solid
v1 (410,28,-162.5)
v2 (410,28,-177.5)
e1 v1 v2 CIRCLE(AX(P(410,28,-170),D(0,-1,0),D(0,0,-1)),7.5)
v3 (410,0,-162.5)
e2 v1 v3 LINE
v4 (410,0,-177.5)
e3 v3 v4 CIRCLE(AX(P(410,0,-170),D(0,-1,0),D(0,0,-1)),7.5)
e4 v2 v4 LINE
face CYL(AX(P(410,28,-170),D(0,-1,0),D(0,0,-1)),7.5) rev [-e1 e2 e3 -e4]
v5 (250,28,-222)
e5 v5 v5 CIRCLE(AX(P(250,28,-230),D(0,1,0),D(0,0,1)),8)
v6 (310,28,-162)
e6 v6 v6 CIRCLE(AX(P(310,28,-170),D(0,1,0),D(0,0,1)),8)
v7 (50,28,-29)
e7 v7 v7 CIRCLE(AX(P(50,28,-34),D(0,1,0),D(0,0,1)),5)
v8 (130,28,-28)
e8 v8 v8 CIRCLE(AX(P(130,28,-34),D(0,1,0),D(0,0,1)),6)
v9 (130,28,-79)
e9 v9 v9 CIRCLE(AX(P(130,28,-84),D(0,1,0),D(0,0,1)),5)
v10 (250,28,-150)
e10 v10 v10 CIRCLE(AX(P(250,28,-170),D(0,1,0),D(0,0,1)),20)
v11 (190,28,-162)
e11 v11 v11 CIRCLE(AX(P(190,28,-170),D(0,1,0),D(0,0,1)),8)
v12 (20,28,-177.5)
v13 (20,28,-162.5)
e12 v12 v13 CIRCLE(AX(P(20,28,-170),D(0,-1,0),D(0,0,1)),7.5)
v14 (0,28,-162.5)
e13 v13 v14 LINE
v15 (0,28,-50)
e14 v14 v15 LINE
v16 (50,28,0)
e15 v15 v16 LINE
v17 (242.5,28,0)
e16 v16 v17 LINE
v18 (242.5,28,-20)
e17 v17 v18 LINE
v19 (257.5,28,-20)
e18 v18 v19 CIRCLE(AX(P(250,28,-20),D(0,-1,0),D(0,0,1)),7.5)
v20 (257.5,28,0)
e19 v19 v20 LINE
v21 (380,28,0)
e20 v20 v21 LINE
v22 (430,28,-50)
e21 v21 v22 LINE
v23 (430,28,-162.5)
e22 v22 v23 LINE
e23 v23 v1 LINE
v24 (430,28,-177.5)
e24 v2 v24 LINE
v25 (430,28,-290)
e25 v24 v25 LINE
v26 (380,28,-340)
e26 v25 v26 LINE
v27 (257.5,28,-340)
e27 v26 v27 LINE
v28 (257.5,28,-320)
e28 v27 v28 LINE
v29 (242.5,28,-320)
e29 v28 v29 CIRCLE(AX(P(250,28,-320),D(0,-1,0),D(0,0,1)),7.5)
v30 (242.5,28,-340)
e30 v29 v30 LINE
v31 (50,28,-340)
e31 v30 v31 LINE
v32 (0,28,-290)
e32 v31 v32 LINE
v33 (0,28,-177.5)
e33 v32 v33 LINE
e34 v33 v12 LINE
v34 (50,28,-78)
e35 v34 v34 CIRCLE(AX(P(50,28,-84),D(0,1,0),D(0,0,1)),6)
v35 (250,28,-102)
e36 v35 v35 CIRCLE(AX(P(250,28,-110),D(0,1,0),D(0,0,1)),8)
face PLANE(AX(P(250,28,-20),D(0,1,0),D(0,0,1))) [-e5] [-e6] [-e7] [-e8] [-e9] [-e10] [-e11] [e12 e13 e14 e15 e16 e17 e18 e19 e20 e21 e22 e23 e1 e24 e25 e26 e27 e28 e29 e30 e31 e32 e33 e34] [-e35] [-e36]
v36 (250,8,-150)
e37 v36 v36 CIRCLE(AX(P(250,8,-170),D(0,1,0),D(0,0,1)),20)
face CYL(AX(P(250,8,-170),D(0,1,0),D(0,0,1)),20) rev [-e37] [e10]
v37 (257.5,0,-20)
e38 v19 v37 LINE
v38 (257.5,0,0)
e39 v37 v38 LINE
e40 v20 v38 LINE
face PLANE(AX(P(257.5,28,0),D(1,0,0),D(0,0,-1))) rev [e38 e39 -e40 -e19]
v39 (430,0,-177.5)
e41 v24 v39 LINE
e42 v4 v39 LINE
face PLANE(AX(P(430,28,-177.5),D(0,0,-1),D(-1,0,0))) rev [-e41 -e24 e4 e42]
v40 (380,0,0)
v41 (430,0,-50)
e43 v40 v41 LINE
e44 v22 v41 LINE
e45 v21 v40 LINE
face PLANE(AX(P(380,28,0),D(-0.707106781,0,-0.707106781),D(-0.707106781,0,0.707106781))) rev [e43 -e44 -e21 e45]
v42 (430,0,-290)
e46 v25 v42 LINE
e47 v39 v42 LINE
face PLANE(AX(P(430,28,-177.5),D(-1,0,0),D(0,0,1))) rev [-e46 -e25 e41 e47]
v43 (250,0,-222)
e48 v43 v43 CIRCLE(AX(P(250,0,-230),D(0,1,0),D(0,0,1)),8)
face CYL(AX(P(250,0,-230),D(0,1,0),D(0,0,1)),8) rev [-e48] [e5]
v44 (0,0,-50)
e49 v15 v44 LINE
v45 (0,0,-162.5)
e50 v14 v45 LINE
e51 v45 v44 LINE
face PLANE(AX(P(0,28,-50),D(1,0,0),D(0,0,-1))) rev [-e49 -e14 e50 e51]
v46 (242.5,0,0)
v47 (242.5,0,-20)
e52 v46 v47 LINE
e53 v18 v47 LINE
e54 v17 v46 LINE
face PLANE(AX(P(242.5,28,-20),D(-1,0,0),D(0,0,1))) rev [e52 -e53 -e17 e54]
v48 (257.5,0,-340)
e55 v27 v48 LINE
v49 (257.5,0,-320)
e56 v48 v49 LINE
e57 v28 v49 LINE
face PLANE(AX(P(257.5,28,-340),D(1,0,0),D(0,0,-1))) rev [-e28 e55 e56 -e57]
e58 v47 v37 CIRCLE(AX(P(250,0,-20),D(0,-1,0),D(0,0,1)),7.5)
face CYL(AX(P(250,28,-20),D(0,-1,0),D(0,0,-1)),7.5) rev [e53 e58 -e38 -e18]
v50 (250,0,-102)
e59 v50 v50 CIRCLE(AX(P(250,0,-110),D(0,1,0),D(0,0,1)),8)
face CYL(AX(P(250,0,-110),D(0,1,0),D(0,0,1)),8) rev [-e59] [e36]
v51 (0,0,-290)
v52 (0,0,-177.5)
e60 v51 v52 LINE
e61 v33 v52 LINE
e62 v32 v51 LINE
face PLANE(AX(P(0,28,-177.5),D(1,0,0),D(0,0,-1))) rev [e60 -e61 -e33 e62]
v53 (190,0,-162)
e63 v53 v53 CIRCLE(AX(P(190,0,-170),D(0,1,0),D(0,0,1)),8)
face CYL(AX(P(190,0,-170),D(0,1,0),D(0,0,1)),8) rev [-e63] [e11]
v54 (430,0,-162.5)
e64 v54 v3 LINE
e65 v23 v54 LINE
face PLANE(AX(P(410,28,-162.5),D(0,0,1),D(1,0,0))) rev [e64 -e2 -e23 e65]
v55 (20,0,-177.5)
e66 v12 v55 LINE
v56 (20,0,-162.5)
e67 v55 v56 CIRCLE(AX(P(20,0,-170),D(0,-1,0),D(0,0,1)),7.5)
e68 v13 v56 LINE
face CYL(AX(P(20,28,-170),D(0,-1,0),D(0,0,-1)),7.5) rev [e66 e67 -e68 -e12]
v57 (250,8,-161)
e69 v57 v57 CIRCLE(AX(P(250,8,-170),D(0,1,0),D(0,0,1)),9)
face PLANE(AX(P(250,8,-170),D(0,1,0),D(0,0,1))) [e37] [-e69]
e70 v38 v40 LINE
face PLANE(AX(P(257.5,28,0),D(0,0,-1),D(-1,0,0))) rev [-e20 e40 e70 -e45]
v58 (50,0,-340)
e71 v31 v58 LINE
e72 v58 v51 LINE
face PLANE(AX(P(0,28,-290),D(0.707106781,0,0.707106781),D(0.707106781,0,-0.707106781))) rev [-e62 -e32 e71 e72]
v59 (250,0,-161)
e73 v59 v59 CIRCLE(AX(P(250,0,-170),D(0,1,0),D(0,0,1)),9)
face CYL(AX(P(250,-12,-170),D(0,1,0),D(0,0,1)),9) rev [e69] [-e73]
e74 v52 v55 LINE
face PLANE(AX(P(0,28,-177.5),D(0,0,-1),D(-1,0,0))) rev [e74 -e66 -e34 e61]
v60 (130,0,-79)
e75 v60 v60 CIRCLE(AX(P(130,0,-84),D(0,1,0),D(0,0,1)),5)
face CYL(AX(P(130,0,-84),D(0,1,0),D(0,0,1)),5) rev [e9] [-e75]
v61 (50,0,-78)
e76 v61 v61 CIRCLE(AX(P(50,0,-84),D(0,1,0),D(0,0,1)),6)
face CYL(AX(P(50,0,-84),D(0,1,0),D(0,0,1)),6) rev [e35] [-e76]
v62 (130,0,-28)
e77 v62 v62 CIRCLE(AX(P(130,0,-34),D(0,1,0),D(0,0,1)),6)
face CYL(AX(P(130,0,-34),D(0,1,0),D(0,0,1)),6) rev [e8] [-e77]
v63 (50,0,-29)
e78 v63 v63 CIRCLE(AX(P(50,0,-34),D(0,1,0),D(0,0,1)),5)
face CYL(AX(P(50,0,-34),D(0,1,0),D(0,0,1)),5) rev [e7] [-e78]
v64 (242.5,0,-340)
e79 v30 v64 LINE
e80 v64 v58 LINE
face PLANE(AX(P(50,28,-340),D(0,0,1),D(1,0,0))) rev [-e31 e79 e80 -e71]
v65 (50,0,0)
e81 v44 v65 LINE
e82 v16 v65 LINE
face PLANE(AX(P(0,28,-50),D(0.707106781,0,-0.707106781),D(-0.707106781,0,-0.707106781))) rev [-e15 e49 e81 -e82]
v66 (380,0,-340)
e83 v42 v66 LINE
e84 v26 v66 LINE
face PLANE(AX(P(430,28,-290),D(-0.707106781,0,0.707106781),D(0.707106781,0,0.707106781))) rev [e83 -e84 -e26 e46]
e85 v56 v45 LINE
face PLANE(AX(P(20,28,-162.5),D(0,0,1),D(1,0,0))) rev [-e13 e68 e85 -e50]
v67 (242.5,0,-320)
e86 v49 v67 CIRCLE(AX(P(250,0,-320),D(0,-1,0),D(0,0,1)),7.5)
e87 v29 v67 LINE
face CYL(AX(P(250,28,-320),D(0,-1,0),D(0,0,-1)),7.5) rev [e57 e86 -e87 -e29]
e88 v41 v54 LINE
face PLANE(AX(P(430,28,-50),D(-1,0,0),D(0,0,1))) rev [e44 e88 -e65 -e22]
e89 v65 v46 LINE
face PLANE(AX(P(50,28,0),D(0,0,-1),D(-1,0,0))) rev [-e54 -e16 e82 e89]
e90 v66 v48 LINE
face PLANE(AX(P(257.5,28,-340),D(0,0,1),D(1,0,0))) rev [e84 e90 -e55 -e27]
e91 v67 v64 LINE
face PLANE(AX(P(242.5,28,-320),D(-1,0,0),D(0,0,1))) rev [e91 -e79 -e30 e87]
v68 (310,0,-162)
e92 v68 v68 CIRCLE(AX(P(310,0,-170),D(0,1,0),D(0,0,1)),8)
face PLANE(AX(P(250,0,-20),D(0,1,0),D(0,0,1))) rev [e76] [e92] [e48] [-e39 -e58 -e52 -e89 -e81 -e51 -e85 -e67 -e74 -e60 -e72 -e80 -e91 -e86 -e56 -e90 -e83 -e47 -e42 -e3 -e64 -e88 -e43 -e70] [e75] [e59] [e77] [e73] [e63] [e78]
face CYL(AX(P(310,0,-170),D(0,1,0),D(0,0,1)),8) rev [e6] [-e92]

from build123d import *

# Parameters (mm, degrees)
EXTRUDE_1_DEPTH     = 28
SKETCH_2_R          = 8
CUT_EXTRUDE_1_DEPTH = 28
SKETCH_3_R          = 6
SKETCH_3_R_2        = 5
CUT_EXTRUDE_2_DEPTH = 28
SKETCH_4_R          = 20
CUT_EXTRUDE_3_DEPTH = 20
SKETCH_5_R          = 9
CUT_EXTRUDE_4_DEPTH = 20


with BuildPart() as part:
    # Эскиз1 → Бобышка-Вытянуть1 (new body)
    with BuildSketch(Plane(origin=(0, 0, 0), x_dir=(1, 0, 0), z_dir=(0, 1, 0))):
        with BuildLine():
            Line((0, 50), (50, 0))
            Line((50, 0), (242.5, 0))
            Line((242.5, 0), (242.5, 20))
            ThreePointArc((242.5, 20), (250, 27.5), (257.5, 20))
            Line((257.5, 20), (257.5, 0))
            Line((257.5, 0), (380, 0))
            Line((380, 0), (430, 50))
            Line((430, 50), (430, 162.5))
            Line((430, 162.5), (410, 162.5))
            ThreePointArc((410, 162.5), (402.5, 170), (410, 177.5))
            Line((410, 177.5), (430, 177.5))
            Line((430, 177.5), (430, 290))
            Line((430, 290), (380, 340))
            Line((380, 340), (257.5, 340))
            Line((257.5, 340), (257.5, 320))
            ThreePointArc((257.5, 320), (250, 312.5), (242.5, 320))
            Line((242.5, 320), (242.5, 340))
            Line((242.5, 340), (50, 340))
            Line((50, 340), (0, 290))
            Line((0, 290), (0, 177.5))
            Line((0, 177.5), (20, 177.5))
            ThreePointArc((20, 177.5), (27.5, 170), (20, 162.5))
            Line((20, 162.5), (0, 162.5))
            Line((0, 162.5), (0, 50))
        make_face()
    extrude(amount=EXTRUDE_1_DEPTH)

    # Эскиз2 → Вырез-Вытянуть1 (cut)
    with BuildSketch(Plane(origin=(0, 28, 0), x_dir=(1, 0, 0), z_dir=(0, 1, 0))):
        with Locations((250, 230)):
            Circle(SKETCH_2_R)
        with Locations((190, 170)):
            Circle(SKETCH_2_R)
        with Locations((250, 110)):
            Circle(SKETCH_2_R)
        with Locations((310, 170)):
            Circle(SKETCH_2_R)
    extrude(amount=-CUT_EXTRUDE_1_DEPTH, mode=Mode.SUBTRACT)

    # Эскиз3 → Вырез-Вытянуть2 (cut)
    with BuildSketch(Plane(origin=(0, 28, 0), x_dir=(1, 0, 0), z_dir=(0, 1, 0))):
        with Locations((50, 84)):
            Circle(SKETCH_3_R)
        with Locations((130, 84)):
            Circle(SKETCH_3_R_2)
        with Locations((50, 34)):
            Circle(SKETCH_3_R_2)
        with Locations((130, 34)):
            Circle(SKETCH_3_R)
    extrude(amount=-CUT_EXTRUDE_2_DEPTH, mode=Mode.SUBTRACT)

    # Эскиз4 → Вырез-Вытянуть3 (cut)
    with BuildSketch(Plane(origin=(0, 28, 0), x_dir=(1, 0, 0), z_dir=(0, 1, 0))):
        with Locations((250, 170)):
            Circle(SKETCH_4_R)
    extrude(amount=-CUT_EXTRUDE_3_DEPTH, mode=Mode.SUBTRACT)

    # Эскиз5 → Вырез-Вытянуть4 (cut)
    with BuildSketch(Plane(origin=(0, 8, 0), x_dir=(1, 0, 0), z_dir=(0, 1, 0))):
        with Locations((250, 170)):
            Circle(SKETCH_5_R)
    extrude(amount=-CUT_EXTRUDE_4_DEPTH, mode=Mode.SUBTRACT)


solid = part.part
